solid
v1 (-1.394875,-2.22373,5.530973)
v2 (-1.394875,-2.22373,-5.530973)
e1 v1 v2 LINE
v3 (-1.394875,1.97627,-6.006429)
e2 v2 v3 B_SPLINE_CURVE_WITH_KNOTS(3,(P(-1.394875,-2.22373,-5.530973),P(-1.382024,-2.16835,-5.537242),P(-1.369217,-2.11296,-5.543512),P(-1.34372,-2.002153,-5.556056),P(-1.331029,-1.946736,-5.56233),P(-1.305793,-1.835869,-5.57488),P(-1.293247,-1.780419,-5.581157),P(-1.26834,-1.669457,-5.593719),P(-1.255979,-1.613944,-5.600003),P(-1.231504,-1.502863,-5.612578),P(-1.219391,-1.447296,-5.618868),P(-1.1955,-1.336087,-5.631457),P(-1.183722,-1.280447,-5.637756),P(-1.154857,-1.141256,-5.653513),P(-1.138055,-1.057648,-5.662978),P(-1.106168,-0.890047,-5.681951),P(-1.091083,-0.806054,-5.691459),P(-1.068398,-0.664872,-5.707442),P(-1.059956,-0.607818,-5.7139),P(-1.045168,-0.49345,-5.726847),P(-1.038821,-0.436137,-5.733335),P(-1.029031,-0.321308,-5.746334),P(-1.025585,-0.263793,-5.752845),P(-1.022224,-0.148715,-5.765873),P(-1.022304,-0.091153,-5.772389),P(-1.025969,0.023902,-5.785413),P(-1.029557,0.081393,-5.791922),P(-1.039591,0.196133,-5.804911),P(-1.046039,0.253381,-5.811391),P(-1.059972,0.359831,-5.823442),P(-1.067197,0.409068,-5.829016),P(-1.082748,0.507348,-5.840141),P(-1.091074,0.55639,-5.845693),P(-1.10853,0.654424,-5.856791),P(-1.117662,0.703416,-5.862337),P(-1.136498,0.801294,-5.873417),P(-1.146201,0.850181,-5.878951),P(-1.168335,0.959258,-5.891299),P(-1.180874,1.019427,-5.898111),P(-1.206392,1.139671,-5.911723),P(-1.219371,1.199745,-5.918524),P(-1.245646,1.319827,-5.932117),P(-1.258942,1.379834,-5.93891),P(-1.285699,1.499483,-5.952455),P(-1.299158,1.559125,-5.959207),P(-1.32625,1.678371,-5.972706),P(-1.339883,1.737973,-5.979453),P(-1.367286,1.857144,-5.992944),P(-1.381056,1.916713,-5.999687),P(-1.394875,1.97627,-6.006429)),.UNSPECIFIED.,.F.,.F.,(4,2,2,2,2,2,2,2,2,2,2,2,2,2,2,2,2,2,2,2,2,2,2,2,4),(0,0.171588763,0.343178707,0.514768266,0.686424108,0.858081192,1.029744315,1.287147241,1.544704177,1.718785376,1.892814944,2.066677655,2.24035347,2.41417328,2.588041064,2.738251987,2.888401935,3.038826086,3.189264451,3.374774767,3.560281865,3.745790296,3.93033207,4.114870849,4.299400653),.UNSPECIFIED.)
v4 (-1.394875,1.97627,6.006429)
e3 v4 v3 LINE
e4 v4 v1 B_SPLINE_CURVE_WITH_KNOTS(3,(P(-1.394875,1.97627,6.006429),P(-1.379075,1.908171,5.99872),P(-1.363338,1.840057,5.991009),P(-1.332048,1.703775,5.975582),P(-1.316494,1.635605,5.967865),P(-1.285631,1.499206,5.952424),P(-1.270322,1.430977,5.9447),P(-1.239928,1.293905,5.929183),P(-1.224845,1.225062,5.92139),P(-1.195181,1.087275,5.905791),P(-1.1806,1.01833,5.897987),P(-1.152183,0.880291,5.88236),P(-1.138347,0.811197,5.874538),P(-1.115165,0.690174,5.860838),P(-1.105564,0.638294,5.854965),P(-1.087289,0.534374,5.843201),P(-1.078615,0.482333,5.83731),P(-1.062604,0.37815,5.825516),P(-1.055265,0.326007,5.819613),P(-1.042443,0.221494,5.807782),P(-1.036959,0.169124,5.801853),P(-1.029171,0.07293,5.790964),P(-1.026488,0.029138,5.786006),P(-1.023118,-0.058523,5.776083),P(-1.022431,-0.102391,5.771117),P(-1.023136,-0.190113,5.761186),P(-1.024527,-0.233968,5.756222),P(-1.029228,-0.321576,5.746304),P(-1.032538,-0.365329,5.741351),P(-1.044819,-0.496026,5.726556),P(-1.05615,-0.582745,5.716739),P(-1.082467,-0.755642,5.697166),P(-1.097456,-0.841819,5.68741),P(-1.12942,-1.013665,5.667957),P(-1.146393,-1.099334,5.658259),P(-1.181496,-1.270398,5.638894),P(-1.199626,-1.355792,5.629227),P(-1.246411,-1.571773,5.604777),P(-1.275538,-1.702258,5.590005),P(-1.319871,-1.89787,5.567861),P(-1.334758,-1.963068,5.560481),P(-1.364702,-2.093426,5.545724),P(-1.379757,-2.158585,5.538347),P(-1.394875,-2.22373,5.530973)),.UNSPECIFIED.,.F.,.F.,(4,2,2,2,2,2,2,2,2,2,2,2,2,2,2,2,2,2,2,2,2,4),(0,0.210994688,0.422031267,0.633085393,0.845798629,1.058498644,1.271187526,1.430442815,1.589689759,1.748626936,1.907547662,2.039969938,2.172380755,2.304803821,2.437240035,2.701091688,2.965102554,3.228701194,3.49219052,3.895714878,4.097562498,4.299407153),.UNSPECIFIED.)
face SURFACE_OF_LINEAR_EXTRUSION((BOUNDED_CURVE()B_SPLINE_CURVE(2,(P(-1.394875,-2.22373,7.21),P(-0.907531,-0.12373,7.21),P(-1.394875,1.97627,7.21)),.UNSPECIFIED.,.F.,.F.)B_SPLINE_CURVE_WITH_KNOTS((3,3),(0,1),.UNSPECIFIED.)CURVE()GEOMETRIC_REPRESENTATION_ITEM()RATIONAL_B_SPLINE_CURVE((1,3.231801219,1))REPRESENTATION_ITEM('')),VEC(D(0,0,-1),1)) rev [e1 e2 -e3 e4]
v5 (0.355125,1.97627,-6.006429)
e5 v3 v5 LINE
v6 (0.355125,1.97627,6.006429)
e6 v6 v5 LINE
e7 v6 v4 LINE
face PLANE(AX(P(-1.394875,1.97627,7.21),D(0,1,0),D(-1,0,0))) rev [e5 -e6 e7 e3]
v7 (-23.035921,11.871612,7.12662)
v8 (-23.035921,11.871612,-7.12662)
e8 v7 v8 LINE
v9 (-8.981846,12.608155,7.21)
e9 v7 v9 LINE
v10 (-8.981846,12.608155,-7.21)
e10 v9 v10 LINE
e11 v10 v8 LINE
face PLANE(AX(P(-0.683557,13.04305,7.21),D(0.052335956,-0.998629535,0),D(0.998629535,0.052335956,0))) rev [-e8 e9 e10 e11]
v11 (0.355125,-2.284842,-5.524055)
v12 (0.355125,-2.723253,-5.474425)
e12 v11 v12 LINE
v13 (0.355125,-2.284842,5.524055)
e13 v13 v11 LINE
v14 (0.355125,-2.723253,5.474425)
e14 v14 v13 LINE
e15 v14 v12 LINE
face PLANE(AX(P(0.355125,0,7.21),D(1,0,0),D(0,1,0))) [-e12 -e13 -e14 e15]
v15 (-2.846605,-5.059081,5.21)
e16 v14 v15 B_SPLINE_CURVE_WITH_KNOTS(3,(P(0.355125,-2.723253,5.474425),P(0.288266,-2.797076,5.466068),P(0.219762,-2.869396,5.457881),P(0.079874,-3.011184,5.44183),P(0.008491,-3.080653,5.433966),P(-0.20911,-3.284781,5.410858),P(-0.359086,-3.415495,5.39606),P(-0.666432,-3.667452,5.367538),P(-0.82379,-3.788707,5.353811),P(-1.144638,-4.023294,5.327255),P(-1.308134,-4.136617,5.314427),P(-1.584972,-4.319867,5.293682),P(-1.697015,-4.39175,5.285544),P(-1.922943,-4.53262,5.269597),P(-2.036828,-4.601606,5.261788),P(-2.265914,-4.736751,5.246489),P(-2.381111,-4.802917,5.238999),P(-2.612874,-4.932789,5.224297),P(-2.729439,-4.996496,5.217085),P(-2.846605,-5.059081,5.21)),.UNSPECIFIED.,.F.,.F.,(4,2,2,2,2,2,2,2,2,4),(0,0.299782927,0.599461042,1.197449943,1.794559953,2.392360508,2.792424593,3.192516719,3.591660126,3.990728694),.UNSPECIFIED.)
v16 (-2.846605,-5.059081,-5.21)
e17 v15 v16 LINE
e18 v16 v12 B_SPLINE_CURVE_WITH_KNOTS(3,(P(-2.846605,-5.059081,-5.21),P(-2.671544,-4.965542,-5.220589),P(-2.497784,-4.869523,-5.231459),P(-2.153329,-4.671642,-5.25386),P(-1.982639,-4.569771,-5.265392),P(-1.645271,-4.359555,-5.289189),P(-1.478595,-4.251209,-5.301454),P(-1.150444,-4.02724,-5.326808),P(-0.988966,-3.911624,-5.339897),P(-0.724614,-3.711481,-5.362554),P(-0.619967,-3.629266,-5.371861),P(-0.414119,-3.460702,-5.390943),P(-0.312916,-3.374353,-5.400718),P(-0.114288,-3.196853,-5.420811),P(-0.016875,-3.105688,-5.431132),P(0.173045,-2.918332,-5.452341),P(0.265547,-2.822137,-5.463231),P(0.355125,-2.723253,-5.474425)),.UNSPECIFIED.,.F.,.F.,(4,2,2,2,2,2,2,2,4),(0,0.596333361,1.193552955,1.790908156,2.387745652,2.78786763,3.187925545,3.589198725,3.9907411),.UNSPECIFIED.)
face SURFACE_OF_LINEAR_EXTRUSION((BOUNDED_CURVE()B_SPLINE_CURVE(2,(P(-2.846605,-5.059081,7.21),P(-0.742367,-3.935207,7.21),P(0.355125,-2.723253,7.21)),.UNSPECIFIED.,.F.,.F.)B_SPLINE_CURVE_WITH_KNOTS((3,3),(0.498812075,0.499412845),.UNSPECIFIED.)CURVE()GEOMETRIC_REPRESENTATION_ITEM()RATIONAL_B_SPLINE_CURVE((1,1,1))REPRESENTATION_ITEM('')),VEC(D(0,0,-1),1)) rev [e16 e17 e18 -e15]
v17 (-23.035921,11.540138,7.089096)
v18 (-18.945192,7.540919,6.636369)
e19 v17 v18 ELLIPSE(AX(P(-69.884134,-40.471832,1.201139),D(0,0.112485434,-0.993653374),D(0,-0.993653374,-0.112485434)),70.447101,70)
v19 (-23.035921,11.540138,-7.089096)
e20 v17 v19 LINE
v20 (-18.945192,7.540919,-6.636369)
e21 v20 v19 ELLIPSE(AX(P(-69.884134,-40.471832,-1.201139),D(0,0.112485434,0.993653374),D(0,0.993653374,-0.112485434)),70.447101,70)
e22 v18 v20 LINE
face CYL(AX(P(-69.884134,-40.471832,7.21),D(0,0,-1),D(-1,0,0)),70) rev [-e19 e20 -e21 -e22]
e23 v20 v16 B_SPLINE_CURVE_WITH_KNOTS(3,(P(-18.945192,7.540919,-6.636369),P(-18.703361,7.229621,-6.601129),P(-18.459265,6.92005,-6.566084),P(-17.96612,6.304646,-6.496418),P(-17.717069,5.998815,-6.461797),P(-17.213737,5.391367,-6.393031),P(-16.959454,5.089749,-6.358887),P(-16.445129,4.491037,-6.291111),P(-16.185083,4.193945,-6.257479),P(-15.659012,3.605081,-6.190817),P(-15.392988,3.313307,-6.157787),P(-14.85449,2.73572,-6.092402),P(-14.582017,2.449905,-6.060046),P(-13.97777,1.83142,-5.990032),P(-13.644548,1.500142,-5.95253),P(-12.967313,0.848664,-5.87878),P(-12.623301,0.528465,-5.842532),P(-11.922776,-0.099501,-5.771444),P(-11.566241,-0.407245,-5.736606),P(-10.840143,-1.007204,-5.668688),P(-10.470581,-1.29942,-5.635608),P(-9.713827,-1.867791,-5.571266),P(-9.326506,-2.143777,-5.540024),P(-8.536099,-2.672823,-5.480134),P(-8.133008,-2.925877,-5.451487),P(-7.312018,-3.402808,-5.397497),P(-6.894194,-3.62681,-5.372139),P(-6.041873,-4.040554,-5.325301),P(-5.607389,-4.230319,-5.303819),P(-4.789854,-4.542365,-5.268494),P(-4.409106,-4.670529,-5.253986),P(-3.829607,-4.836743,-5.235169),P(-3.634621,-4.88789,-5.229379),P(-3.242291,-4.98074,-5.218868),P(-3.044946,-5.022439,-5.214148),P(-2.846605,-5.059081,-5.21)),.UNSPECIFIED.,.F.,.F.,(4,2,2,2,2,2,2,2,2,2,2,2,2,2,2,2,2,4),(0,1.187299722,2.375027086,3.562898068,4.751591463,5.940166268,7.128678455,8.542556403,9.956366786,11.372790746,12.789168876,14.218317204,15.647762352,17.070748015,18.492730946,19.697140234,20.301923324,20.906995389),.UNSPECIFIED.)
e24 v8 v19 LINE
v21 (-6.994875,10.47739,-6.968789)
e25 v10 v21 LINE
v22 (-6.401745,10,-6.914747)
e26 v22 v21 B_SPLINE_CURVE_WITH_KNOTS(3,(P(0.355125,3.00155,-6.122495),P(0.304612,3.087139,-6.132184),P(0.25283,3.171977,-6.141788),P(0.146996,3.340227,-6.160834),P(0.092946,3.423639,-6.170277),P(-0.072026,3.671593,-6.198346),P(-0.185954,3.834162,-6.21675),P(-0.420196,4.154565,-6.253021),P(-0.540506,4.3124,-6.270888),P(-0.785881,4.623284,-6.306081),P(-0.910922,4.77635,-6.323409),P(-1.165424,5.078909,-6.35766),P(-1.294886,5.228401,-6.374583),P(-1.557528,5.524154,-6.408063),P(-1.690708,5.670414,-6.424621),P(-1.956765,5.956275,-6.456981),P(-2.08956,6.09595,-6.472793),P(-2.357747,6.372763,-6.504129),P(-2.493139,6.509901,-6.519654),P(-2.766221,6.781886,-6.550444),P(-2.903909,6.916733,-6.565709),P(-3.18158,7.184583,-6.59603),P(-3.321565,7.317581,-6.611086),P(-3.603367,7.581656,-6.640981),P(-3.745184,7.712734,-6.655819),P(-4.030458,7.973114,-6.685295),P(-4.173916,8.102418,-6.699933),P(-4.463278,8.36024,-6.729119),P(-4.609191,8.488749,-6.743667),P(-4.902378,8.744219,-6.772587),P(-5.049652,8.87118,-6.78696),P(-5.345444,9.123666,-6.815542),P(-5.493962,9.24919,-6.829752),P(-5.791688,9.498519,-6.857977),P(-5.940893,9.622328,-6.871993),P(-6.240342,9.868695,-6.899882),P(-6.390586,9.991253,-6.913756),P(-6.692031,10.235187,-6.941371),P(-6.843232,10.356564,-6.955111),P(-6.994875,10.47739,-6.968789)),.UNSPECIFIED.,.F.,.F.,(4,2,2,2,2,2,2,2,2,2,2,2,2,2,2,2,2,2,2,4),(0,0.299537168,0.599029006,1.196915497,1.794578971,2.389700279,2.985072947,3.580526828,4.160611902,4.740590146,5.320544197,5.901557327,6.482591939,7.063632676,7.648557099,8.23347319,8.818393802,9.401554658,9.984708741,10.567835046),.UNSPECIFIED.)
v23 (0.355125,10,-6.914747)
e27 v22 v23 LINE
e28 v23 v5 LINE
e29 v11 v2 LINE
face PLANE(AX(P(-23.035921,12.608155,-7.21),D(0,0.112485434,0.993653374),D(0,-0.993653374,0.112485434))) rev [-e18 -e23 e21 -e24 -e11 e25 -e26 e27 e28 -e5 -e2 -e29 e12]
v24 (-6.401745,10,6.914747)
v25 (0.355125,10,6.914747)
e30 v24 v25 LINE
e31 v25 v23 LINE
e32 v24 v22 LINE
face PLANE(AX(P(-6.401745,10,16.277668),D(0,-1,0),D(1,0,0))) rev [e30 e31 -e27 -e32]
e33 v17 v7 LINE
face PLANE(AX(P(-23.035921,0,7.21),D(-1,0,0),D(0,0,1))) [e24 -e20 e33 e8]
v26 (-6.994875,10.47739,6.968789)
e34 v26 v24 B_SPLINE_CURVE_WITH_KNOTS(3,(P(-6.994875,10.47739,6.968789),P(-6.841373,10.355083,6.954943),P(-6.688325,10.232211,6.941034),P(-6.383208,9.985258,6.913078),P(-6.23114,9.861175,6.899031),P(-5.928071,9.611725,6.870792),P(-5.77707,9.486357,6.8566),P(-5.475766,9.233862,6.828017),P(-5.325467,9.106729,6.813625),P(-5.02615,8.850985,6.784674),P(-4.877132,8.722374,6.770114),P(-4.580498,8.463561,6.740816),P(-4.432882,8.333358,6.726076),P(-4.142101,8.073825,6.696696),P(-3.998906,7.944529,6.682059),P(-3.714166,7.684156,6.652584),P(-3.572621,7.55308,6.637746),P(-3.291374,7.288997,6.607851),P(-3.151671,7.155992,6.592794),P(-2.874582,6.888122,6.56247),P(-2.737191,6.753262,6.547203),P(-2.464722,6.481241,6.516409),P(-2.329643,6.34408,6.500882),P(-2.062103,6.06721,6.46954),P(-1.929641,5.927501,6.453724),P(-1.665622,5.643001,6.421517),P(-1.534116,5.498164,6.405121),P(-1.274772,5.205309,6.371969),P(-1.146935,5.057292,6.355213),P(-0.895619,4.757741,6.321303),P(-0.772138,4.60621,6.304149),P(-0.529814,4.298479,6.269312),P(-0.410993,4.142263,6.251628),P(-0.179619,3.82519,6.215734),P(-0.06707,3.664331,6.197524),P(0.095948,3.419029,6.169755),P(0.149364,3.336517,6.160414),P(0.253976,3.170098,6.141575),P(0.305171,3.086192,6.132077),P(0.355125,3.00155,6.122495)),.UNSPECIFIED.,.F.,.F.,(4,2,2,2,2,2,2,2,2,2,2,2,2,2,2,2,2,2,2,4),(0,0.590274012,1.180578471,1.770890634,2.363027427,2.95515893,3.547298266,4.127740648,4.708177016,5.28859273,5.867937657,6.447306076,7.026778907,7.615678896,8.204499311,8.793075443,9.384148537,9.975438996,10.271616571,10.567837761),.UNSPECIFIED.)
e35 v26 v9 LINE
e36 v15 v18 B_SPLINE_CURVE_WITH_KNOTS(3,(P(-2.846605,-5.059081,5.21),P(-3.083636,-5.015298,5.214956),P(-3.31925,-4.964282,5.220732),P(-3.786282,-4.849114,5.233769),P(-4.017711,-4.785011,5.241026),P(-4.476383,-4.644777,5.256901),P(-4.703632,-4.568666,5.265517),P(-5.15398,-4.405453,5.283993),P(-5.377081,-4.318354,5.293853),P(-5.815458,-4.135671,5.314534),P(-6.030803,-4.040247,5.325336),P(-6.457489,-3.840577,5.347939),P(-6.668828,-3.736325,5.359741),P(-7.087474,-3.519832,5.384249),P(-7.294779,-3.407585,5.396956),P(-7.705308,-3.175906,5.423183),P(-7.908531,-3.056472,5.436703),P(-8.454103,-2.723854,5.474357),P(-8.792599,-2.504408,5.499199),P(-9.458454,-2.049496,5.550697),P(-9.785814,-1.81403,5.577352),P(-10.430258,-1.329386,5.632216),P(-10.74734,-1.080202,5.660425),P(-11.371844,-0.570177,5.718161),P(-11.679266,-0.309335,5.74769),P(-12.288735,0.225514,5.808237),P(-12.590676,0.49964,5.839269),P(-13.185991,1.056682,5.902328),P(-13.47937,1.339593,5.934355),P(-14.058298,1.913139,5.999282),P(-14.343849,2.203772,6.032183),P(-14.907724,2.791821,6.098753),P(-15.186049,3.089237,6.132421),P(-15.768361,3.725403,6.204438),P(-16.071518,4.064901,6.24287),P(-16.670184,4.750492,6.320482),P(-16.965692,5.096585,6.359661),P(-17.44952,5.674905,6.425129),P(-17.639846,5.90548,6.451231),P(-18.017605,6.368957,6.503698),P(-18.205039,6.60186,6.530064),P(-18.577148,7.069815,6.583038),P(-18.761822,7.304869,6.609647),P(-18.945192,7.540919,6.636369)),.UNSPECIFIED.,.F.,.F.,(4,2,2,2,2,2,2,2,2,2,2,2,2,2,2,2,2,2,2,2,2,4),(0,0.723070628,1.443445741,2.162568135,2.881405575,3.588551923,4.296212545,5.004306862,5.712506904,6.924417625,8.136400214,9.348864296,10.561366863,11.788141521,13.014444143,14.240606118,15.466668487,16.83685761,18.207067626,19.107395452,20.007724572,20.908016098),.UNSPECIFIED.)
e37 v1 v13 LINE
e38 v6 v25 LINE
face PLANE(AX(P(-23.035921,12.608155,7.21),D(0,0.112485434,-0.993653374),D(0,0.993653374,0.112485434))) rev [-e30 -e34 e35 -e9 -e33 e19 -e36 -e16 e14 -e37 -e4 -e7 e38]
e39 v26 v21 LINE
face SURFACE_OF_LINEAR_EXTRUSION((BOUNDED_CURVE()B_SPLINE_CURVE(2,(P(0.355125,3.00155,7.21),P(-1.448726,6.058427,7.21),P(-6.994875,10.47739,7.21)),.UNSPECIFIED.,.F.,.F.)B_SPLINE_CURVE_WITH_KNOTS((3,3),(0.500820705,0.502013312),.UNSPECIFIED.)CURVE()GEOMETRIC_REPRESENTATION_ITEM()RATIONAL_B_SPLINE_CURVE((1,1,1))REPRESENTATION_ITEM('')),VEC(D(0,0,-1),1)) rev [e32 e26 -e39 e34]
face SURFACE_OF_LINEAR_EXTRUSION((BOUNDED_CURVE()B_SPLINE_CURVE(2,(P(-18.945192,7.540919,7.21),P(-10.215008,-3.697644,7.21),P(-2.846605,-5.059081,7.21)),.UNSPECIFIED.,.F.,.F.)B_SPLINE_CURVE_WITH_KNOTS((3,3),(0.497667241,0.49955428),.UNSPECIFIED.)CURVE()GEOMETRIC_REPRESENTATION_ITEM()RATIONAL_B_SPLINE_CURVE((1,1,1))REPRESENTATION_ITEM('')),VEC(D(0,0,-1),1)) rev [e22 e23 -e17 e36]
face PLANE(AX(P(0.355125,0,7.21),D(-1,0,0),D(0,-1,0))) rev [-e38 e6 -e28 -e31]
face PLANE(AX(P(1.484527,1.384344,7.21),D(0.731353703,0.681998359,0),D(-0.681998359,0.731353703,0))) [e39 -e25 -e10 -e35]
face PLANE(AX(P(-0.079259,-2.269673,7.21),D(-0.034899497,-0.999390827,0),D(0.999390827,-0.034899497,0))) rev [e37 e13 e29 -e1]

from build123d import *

# Parameters (mm, degrees)
SALIENTE_EXTRUIR1_DEPTH             = 7.21
SALIENTE_EXTRUIR2_DEPTH             = 7.21
SALIENTE_EXTRUIR2_DEPTH_BACK        = 7.21
CORTAR_EXTRUIR2_DEPTH               = 28.232395202
CORTAR_EXTRUIR2_DEPTH_BACK          = 28.232395202
SALIENTE_EXTRUIR3_REACH             = 29.232
SALIENTE_EXTRUIR3_DIRECTION_2_REACH = 29.232


with BuildPart() as part:
    # Croquis1 → Saliente-Extruir1 (new, symmetric)
    with BuildSketch(Plane.XY):
        with BuildLine():
            add(Edge.make_bspline(
                [(-18.945192114, 7.540918896), (-10.215008384, -3.697644103), (-2.846604825, -5.059081104)],
                knots=[0.497667241, 0.497667241, 0.497667241, 0.49955428, 0.49955428, 0.49955428], degree=2, weights=[1, 1, 1]))
            add(Edge.make_bspline(
                [(-2.846604825, -5.059081104), (-0.742366882, -3.9352066), (0.355125, -2.723253227)],
                knots=[0.498812075, 0.498812075, 0.498812075, 0.499412845, 0.499412845, 0.499412845], degree=2, weights=[1, 1, 1]))
            Line((0.355125, -2.723253227), (0.355125, -2.284841781))
            Line((0.355125, -2.284841781), (-1.394875, -2.223730435))
            add(Edge.make_bspline(
                [(-1.394875, -2.223730435), (-0.90753067, -0.123730435), (-1.394875, 1.976269565)],
                knots=[0, 0, 0, 1, 1, 1], degree=2, weights=[1, 3.231801219, 1]))
            Line((-1.394875, 1.976269565), (0.355125, 2.284841781))
            Line((0.355125, 2.284841781), (0.355125, 3.001549529))
            add(Edge.make_bspline(
                [(0.355125, 3.001549529), (-1.44872627, 6.058427314), (-6.994875026, 10.477389992)],
                knots=[0.500820705, 0.500820705, 0.500820705, 0.502013312, 0.502013312, 0.502013312], degree=2, weights=[1, 1, 1]))
            Line((-6.994875026, 10.477389992), (-8.981845695, 12.608155172))
            Line((-8.981845695, 12.608155172), (-23.035921146, 11.871612288))
            Line((-23.035921146, 11.871612288), (-23.035921146, 11.54013782))
            ThreePointArc((-23.035921146, 11.54013782), (-20.949684518, 9.582335705), (-18.945192114, 7.540918896))
        make_face()
    extrude(amount=SALIENTE_EXTRUIR1_DEPTH, both=True)

    # Croquis4 → Saliente-Extruir2 (add, two sides: drawn at the far end of the back side and taken through both)
    with BuildSketch(Plane.XY.offset(-SALIENTE_EXTRUIR2_DEPTH_BACK)):
        Polygon((-1.394875, 1.976269565), (0.355125, 2.284841781), (0.355125, 1.976269565), align=None)
    extrude(amount=SALIENTE_EXTRUIR2_DEPTH + SALIENTE_EXTRUIR2_DEPTH_BACK)

    # Croquis6 → Cortar-Extruir2 (cut, two sides: drawn at the far end of the back side and taken through both)
    with BuildSketch(Plane(origin=(0, 0, 0), x_dir=(0, 0, -1), z_dir=(1, 0, 0)).offset(-CORTAR_EXTRUIR2_DEPTH_BACK)):
        Polygon((7.21, 12.608155172), (7.21, -5.059081104), (5.21, -5.059081104), align=None)
        Polygon((-7.21, 12.608155172), (-7.21, -5.059081104), (-5.21, -5.059081104), align=None)
    extrude(amount=CORTAR_EXTRUIR2_DEPTH + CORTAR_EXTRUIR2_DEPTH_BACK, mode=Mode.SUBTRACT)

    # Saliente-Extruir3: up to this plane
    saliente_extruir3_end = Plane(origin=(-23.035921146, 12.608155172, 7.21), z_dir=(0, 0.1124854344122626, -0.9936533736897816))
    # Croquis8 → Saliente-Extruir3 (add, up to the surface)
    with BuildSketch(Plane.XY, mode=Mode.PRIVATE) as saliente_extruir3_sk1:
        with BuildLine():
            Line((-6.40174466, 10), (0.355125, 10))
            Line((0.355125, 10), (0.355125, 3.001549529))
            add(Edge.make_bspline(
                [(-6.40174466, 10), (-1.350464373, 5.891908813), (0.355125, 3.001549529)],
                knots=[0.50088567, 0.50088567, 0.50088567, 0.502013312, 0.502013312, 0.502013312], degree=2, weights=[1, 1, 1]))
        make_face()
    saliente_extruir3_tool1 = split(extrude(saliente_extruir3_sk1.sketch, amount=SALIENTE_EXTRUIR3_REACH, mode=Mode.PRIVATE), bisect_by=saliente_extruir3_end, keep=Keep.BOTH, mode=Mode.PRIVATE)
    add(saliente_extruir3_tool1.solids().sort_by_distance((-1.802267, 7.821617, 0))[0])

    # Saliente-Extruir3 direction 2: up to this plane
    saliente_extruir3_direction_2_end = Plane(origin=(-23.035921146, 12.608155172, -7.21), z_dir=(0, 0.1124854344122626, 0.9936533736897816))
    # Croquis8 → Saliente-Extruir3 direction 2 (add, up to the surface)
    with BuildSketch(Plane.XY, mode=Mode.PRIVATE) as saliente_extruir3_direction_2_sk1:
        with BuildLine():
            Line((-6.40174466, 10), (0.355125, 10))
            Line((0.355125, 10), (0.355125, 3.001549529))
            add(Edge.make_bspline(
                [(-6.40174466, 10), (-1.350464373, 5.891908813), (0.355125, 3.001549529)],
                knots=[0.50088567, 0.50088567, 0.50088567, 0.502013312, 0.502013312, 0.502013312], degree=2, weights=[1, 1, 1]))
        make_face()
    saliente_extruir3_direction_2_tool1 = split(extrude(saliente_extruir3_direction_2_sk1.sketch, amount=-SALIENTE_EXTRUIR3_DIRECTION_2_REACH, mode=Mode.PRIVATE), bisect_by=saliente_extruir3_direction_2_end, keep=Keep.BOTH, mode=Mode.PRIVATE)
    add(saliente_extruir3_direction_2_tool1.solids().sort_by_distance((-1.802267, 7.821617, 0))[0])


solid = part.part
